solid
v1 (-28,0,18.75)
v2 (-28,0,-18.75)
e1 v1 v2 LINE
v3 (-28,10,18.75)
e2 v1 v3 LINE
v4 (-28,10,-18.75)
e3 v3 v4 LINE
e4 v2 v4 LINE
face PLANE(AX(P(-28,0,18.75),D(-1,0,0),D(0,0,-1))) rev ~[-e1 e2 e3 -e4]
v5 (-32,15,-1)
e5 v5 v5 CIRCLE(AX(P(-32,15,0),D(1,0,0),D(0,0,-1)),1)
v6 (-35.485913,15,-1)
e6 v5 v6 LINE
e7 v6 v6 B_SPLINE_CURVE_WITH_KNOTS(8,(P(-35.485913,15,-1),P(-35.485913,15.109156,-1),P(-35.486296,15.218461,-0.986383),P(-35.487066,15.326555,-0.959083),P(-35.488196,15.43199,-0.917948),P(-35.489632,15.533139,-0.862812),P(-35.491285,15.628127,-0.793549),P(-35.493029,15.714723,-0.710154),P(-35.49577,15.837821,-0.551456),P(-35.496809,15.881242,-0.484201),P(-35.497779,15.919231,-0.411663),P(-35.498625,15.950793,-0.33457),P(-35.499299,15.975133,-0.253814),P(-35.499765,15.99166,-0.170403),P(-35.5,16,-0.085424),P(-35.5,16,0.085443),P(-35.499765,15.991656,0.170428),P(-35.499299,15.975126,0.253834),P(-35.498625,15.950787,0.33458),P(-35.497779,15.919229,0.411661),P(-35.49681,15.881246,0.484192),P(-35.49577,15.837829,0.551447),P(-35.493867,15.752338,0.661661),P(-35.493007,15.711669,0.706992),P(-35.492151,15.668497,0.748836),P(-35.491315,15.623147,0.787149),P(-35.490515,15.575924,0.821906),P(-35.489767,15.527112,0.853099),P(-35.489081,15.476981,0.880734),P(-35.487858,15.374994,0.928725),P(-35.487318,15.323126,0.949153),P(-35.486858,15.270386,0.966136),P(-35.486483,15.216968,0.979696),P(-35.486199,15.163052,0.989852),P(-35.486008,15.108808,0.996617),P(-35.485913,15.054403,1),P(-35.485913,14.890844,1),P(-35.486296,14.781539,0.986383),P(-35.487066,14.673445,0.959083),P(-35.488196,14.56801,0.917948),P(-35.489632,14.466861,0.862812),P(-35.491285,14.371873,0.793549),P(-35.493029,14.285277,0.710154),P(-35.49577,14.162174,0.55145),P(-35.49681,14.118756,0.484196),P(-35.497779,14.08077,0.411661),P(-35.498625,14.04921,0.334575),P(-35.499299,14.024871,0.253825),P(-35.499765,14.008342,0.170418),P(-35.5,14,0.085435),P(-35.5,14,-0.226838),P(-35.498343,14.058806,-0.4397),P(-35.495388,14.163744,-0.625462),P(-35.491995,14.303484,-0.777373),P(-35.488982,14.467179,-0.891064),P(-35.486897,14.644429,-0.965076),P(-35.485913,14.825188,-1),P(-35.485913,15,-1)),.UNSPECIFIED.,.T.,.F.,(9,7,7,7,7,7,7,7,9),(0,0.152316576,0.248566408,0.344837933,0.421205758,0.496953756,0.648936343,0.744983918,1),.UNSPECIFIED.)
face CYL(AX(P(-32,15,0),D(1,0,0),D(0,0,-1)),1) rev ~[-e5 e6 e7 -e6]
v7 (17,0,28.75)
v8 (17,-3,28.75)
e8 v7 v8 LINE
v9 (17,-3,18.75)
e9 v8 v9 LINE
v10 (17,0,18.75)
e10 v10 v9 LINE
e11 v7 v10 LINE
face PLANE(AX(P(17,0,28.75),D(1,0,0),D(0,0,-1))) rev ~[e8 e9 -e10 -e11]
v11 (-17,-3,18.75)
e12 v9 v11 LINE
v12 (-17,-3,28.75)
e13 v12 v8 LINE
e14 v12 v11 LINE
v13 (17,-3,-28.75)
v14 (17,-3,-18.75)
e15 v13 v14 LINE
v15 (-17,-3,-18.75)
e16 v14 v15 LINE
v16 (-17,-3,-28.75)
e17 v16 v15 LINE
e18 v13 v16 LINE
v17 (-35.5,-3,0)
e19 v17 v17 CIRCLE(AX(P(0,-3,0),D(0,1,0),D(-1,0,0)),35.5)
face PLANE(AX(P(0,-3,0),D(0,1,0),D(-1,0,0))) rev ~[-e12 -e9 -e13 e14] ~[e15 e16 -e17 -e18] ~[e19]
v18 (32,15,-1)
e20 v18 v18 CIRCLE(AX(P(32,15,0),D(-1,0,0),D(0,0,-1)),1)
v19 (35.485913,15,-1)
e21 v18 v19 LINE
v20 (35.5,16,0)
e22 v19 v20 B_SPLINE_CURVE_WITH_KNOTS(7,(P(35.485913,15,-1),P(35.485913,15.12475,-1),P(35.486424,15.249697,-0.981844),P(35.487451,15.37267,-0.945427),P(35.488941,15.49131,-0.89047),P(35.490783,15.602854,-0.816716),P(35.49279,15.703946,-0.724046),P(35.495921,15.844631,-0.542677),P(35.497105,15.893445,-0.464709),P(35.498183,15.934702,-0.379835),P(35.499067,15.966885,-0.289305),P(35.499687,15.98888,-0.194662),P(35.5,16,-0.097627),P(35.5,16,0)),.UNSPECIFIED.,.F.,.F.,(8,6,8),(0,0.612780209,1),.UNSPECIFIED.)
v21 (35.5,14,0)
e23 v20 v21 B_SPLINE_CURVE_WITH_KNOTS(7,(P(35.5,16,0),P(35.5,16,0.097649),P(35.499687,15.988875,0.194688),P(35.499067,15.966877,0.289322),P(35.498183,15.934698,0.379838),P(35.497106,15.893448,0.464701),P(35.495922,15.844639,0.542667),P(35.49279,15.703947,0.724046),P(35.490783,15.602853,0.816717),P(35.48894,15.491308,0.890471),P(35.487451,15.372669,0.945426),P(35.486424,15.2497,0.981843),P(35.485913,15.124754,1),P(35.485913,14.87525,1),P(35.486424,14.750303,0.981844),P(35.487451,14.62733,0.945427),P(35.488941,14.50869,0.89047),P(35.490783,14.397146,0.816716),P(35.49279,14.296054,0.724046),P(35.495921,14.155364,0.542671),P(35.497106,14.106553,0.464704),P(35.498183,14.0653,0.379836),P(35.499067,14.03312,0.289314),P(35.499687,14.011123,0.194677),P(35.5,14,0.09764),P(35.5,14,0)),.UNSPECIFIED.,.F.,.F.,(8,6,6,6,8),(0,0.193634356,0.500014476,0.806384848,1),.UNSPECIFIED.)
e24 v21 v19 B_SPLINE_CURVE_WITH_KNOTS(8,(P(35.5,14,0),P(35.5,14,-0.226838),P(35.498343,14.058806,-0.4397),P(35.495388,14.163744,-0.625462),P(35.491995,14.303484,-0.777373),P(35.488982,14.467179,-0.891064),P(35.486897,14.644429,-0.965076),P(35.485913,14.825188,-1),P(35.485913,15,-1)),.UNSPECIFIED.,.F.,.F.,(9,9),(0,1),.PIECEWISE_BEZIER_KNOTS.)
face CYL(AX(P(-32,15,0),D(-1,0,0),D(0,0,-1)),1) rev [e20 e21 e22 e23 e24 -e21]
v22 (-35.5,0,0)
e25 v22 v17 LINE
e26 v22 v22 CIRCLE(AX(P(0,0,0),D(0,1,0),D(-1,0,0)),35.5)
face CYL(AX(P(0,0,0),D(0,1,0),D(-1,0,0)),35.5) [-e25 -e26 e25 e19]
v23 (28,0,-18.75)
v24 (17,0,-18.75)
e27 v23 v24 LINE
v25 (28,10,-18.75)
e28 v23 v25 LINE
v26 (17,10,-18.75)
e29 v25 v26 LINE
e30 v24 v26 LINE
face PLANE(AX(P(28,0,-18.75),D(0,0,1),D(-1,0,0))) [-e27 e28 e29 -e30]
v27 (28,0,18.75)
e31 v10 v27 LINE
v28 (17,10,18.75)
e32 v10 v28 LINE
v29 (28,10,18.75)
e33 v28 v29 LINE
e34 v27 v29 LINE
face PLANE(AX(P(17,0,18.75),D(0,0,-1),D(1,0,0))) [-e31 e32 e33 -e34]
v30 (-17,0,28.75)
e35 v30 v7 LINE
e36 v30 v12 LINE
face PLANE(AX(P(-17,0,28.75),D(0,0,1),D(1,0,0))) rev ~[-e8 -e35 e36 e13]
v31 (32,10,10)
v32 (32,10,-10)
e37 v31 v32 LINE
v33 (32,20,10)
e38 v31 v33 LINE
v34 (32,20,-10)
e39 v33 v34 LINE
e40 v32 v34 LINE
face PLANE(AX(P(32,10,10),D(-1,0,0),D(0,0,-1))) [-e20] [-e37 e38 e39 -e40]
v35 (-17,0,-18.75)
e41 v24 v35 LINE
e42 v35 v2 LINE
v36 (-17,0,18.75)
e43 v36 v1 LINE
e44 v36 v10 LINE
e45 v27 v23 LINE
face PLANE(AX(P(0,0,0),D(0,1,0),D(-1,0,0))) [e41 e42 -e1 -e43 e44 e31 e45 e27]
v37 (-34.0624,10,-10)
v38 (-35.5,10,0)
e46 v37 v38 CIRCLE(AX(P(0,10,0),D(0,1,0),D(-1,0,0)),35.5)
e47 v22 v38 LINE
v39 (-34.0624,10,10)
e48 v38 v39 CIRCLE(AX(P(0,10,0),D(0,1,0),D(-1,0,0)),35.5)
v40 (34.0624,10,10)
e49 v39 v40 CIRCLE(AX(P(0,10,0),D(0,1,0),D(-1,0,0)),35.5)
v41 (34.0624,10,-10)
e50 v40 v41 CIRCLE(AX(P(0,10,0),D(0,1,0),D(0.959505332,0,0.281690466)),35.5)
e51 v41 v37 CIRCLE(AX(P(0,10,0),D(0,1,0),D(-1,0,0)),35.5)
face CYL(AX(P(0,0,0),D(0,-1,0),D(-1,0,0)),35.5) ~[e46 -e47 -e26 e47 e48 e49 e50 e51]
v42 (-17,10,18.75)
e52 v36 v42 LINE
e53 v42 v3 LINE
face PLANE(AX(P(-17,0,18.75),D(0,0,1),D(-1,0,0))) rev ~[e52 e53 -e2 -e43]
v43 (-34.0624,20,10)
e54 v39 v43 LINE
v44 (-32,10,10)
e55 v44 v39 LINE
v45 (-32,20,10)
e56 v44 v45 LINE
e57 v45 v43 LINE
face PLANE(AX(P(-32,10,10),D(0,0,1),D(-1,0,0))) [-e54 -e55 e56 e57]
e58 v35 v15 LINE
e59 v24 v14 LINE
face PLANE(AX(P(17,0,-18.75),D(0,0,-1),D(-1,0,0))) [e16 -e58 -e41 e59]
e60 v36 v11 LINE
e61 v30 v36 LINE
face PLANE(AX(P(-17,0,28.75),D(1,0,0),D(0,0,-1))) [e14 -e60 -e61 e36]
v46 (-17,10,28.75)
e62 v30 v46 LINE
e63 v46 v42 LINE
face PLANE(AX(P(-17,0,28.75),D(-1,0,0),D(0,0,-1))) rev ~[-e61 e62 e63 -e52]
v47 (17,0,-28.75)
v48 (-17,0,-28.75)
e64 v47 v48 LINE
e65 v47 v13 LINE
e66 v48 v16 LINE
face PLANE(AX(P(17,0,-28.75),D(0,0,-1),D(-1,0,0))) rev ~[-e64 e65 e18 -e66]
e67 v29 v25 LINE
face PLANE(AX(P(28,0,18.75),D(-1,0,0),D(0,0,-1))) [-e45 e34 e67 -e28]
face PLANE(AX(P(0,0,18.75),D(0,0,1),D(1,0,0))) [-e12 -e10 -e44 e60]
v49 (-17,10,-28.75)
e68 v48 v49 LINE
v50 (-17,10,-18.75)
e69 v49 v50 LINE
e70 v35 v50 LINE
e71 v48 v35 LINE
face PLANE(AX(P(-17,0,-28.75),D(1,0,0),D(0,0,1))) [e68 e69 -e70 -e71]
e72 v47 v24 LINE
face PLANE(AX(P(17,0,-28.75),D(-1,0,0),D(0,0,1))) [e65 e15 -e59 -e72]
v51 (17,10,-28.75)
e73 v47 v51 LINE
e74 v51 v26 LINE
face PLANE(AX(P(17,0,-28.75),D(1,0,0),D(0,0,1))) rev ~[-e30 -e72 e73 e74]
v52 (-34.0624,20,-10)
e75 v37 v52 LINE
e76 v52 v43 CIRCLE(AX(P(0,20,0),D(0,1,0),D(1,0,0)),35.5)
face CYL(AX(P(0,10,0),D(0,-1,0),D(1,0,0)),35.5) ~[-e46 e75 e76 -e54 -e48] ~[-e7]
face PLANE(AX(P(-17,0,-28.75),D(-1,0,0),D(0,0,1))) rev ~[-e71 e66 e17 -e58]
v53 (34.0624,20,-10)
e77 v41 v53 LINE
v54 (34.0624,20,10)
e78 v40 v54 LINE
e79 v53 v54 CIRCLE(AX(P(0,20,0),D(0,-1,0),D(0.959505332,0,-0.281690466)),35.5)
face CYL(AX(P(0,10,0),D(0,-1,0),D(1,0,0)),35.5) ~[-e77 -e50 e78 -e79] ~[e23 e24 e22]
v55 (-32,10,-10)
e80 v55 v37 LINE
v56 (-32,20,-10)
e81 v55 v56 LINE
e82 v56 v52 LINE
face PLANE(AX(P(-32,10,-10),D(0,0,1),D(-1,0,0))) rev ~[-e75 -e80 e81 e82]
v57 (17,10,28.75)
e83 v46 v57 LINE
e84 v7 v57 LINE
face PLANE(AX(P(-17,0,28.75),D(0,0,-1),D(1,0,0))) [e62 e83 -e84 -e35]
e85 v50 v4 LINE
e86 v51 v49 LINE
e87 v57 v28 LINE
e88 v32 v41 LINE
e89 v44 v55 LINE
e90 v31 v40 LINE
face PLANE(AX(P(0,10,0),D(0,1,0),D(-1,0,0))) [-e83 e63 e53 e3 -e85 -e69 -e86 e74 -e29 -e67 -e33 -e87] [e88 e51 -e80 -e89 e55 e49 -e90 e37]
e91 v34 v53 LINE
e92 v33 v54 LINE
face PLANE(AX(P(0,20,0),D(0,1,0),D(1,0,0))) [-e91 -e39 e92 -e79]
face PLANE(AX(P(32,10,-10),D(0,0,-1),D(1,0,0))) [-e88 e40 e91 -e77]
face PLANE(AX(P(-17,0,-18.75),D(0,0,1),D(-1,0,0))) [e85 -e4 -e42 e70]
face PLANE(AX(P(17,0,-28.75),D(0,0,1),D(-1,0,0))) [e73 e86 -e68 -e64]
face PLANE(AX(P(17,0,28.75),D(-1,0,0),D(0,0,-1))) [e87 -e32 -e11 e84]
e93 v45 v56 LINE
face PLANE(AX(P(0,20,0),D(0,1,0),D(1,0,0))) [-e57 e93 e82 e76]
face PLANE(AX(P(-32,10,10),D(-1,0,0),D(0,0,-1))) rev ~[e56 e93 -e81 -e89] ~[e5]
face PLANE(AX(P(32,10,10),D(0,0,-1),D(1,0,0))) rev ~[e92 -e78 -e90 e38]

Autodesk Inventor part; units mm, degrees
ref_plane "YZ Plane" through (0, 0, 0) normal (1, 0, 0) x (0, 1, 0)
ref_plane "XZ Plane" through (0, 0, 0) normal (0, 1, 0) x (-1, 0, 0)
ref_plane "XY Plane" through (0, 0, 0) normal (0, 0, 1) x (1, 0, 0)
sketch "Szkic1" plane through (0, 0, 0) normal (0, 1, 0) x (-1, 0, 0)
  circle A0 centre (0, 0) radius 35.5
  line L0 (0, 18.75) -> (0, -18.75) construction
  line L1 (-28, 0) -> (28, 0) construction
  line L2 (-28, -18.75) -> (28, -18.75)
  line L3 (-28, 18.75) -> (-28, -18.75)
  line L4 (28, 18.75) -> (28, -18.75)
  line L5 (0, 18.75) -> (28, 18.75)
  line L6 (0, 18.75) -> (-28, 18.75)
  line L7 (0, 18.75) -> (0, 28.75) construction
  line L8 (17, 28.75) -> (-17, 28.75)
  line L9 (17, 28.75) -> (17, 18.75)
  line L10 (-17, 28.75) -> (-17, 18.75)
  line L11 (0, -18.75) -> (0, -28.75) construction
  line L12 (-17, -28.75) -> (17, -28.75)
  line L13 (17, -28.75) -> (17, -18.75)
  line L14 (-17, -28.75) -> (-17, -18.75)
  point P0 (0, 0)
  dimension "d0" = 71
  dimension "d1" = 37.5
  dimension "d2" = 56
  dimension "d3" = 10
  dimension "d4" = 34
  dimension "d5" = 10
  dimension "d6" = 34
extrude "Wyciągnięcie proste1" add sketch "Szkic1" along normal blind 10
extrude "Wyciągnięcie proste2" add sketch "Szkic1" against normal blind 3 contours A0 | L3 L6 L5 L4 L2
sketch "Szkic2" plane through (0, 10, 0) normal (0, 1, 0) x (1, 0, 0)
  line L0 (32, 0) -> (-32, 0) construction
  circle A0 centre (0, 0) radius 35.5
  line L1 (-32, -10) -> (-32, 10)
  line L2 (32, -10) -> (32, 10)
  line L3 (32, -10) -> (34.0624, -10)
  line L4 (32, 10) -> (34.0624, 10)
  line L5 (-32, -10) -> (-34.0624, -10)
  line L6 (-32, 10) -> (-34.0624, 10)
  point P0 (0, 0)
  dimension "d11" = 64
  dimension "d12" = 71
  dimension "d13" = 20
  dimension "d14" = 20
extrude "Wyciągnięcie proste3" add sketch "Szkic2" along normal blind 10 contours A0 L3 L2 L4 | L6 L1 L5 A0
sketch "Szkic3" plane through (-32, 10, 10) normal (1, 0, 0) x (0, 0, -1)
  line L0 (0, 0) -> (10, 0) construction
  line L1 (10, 0) -> (10, 5) construction
  circle A0 centre (10, 5) radius 1
  point P0 (10, -10)
  dimension "d17" = 10
  dimension "d18" = 5
  dimension "d19" = 0
  dimension "d20" = 10
  dimension "d21" = 2
extrude "Wyciągnięcie proste4" cut sketch "Szkic3" along normal through all both and the other way through all
properties part number "007-002"
